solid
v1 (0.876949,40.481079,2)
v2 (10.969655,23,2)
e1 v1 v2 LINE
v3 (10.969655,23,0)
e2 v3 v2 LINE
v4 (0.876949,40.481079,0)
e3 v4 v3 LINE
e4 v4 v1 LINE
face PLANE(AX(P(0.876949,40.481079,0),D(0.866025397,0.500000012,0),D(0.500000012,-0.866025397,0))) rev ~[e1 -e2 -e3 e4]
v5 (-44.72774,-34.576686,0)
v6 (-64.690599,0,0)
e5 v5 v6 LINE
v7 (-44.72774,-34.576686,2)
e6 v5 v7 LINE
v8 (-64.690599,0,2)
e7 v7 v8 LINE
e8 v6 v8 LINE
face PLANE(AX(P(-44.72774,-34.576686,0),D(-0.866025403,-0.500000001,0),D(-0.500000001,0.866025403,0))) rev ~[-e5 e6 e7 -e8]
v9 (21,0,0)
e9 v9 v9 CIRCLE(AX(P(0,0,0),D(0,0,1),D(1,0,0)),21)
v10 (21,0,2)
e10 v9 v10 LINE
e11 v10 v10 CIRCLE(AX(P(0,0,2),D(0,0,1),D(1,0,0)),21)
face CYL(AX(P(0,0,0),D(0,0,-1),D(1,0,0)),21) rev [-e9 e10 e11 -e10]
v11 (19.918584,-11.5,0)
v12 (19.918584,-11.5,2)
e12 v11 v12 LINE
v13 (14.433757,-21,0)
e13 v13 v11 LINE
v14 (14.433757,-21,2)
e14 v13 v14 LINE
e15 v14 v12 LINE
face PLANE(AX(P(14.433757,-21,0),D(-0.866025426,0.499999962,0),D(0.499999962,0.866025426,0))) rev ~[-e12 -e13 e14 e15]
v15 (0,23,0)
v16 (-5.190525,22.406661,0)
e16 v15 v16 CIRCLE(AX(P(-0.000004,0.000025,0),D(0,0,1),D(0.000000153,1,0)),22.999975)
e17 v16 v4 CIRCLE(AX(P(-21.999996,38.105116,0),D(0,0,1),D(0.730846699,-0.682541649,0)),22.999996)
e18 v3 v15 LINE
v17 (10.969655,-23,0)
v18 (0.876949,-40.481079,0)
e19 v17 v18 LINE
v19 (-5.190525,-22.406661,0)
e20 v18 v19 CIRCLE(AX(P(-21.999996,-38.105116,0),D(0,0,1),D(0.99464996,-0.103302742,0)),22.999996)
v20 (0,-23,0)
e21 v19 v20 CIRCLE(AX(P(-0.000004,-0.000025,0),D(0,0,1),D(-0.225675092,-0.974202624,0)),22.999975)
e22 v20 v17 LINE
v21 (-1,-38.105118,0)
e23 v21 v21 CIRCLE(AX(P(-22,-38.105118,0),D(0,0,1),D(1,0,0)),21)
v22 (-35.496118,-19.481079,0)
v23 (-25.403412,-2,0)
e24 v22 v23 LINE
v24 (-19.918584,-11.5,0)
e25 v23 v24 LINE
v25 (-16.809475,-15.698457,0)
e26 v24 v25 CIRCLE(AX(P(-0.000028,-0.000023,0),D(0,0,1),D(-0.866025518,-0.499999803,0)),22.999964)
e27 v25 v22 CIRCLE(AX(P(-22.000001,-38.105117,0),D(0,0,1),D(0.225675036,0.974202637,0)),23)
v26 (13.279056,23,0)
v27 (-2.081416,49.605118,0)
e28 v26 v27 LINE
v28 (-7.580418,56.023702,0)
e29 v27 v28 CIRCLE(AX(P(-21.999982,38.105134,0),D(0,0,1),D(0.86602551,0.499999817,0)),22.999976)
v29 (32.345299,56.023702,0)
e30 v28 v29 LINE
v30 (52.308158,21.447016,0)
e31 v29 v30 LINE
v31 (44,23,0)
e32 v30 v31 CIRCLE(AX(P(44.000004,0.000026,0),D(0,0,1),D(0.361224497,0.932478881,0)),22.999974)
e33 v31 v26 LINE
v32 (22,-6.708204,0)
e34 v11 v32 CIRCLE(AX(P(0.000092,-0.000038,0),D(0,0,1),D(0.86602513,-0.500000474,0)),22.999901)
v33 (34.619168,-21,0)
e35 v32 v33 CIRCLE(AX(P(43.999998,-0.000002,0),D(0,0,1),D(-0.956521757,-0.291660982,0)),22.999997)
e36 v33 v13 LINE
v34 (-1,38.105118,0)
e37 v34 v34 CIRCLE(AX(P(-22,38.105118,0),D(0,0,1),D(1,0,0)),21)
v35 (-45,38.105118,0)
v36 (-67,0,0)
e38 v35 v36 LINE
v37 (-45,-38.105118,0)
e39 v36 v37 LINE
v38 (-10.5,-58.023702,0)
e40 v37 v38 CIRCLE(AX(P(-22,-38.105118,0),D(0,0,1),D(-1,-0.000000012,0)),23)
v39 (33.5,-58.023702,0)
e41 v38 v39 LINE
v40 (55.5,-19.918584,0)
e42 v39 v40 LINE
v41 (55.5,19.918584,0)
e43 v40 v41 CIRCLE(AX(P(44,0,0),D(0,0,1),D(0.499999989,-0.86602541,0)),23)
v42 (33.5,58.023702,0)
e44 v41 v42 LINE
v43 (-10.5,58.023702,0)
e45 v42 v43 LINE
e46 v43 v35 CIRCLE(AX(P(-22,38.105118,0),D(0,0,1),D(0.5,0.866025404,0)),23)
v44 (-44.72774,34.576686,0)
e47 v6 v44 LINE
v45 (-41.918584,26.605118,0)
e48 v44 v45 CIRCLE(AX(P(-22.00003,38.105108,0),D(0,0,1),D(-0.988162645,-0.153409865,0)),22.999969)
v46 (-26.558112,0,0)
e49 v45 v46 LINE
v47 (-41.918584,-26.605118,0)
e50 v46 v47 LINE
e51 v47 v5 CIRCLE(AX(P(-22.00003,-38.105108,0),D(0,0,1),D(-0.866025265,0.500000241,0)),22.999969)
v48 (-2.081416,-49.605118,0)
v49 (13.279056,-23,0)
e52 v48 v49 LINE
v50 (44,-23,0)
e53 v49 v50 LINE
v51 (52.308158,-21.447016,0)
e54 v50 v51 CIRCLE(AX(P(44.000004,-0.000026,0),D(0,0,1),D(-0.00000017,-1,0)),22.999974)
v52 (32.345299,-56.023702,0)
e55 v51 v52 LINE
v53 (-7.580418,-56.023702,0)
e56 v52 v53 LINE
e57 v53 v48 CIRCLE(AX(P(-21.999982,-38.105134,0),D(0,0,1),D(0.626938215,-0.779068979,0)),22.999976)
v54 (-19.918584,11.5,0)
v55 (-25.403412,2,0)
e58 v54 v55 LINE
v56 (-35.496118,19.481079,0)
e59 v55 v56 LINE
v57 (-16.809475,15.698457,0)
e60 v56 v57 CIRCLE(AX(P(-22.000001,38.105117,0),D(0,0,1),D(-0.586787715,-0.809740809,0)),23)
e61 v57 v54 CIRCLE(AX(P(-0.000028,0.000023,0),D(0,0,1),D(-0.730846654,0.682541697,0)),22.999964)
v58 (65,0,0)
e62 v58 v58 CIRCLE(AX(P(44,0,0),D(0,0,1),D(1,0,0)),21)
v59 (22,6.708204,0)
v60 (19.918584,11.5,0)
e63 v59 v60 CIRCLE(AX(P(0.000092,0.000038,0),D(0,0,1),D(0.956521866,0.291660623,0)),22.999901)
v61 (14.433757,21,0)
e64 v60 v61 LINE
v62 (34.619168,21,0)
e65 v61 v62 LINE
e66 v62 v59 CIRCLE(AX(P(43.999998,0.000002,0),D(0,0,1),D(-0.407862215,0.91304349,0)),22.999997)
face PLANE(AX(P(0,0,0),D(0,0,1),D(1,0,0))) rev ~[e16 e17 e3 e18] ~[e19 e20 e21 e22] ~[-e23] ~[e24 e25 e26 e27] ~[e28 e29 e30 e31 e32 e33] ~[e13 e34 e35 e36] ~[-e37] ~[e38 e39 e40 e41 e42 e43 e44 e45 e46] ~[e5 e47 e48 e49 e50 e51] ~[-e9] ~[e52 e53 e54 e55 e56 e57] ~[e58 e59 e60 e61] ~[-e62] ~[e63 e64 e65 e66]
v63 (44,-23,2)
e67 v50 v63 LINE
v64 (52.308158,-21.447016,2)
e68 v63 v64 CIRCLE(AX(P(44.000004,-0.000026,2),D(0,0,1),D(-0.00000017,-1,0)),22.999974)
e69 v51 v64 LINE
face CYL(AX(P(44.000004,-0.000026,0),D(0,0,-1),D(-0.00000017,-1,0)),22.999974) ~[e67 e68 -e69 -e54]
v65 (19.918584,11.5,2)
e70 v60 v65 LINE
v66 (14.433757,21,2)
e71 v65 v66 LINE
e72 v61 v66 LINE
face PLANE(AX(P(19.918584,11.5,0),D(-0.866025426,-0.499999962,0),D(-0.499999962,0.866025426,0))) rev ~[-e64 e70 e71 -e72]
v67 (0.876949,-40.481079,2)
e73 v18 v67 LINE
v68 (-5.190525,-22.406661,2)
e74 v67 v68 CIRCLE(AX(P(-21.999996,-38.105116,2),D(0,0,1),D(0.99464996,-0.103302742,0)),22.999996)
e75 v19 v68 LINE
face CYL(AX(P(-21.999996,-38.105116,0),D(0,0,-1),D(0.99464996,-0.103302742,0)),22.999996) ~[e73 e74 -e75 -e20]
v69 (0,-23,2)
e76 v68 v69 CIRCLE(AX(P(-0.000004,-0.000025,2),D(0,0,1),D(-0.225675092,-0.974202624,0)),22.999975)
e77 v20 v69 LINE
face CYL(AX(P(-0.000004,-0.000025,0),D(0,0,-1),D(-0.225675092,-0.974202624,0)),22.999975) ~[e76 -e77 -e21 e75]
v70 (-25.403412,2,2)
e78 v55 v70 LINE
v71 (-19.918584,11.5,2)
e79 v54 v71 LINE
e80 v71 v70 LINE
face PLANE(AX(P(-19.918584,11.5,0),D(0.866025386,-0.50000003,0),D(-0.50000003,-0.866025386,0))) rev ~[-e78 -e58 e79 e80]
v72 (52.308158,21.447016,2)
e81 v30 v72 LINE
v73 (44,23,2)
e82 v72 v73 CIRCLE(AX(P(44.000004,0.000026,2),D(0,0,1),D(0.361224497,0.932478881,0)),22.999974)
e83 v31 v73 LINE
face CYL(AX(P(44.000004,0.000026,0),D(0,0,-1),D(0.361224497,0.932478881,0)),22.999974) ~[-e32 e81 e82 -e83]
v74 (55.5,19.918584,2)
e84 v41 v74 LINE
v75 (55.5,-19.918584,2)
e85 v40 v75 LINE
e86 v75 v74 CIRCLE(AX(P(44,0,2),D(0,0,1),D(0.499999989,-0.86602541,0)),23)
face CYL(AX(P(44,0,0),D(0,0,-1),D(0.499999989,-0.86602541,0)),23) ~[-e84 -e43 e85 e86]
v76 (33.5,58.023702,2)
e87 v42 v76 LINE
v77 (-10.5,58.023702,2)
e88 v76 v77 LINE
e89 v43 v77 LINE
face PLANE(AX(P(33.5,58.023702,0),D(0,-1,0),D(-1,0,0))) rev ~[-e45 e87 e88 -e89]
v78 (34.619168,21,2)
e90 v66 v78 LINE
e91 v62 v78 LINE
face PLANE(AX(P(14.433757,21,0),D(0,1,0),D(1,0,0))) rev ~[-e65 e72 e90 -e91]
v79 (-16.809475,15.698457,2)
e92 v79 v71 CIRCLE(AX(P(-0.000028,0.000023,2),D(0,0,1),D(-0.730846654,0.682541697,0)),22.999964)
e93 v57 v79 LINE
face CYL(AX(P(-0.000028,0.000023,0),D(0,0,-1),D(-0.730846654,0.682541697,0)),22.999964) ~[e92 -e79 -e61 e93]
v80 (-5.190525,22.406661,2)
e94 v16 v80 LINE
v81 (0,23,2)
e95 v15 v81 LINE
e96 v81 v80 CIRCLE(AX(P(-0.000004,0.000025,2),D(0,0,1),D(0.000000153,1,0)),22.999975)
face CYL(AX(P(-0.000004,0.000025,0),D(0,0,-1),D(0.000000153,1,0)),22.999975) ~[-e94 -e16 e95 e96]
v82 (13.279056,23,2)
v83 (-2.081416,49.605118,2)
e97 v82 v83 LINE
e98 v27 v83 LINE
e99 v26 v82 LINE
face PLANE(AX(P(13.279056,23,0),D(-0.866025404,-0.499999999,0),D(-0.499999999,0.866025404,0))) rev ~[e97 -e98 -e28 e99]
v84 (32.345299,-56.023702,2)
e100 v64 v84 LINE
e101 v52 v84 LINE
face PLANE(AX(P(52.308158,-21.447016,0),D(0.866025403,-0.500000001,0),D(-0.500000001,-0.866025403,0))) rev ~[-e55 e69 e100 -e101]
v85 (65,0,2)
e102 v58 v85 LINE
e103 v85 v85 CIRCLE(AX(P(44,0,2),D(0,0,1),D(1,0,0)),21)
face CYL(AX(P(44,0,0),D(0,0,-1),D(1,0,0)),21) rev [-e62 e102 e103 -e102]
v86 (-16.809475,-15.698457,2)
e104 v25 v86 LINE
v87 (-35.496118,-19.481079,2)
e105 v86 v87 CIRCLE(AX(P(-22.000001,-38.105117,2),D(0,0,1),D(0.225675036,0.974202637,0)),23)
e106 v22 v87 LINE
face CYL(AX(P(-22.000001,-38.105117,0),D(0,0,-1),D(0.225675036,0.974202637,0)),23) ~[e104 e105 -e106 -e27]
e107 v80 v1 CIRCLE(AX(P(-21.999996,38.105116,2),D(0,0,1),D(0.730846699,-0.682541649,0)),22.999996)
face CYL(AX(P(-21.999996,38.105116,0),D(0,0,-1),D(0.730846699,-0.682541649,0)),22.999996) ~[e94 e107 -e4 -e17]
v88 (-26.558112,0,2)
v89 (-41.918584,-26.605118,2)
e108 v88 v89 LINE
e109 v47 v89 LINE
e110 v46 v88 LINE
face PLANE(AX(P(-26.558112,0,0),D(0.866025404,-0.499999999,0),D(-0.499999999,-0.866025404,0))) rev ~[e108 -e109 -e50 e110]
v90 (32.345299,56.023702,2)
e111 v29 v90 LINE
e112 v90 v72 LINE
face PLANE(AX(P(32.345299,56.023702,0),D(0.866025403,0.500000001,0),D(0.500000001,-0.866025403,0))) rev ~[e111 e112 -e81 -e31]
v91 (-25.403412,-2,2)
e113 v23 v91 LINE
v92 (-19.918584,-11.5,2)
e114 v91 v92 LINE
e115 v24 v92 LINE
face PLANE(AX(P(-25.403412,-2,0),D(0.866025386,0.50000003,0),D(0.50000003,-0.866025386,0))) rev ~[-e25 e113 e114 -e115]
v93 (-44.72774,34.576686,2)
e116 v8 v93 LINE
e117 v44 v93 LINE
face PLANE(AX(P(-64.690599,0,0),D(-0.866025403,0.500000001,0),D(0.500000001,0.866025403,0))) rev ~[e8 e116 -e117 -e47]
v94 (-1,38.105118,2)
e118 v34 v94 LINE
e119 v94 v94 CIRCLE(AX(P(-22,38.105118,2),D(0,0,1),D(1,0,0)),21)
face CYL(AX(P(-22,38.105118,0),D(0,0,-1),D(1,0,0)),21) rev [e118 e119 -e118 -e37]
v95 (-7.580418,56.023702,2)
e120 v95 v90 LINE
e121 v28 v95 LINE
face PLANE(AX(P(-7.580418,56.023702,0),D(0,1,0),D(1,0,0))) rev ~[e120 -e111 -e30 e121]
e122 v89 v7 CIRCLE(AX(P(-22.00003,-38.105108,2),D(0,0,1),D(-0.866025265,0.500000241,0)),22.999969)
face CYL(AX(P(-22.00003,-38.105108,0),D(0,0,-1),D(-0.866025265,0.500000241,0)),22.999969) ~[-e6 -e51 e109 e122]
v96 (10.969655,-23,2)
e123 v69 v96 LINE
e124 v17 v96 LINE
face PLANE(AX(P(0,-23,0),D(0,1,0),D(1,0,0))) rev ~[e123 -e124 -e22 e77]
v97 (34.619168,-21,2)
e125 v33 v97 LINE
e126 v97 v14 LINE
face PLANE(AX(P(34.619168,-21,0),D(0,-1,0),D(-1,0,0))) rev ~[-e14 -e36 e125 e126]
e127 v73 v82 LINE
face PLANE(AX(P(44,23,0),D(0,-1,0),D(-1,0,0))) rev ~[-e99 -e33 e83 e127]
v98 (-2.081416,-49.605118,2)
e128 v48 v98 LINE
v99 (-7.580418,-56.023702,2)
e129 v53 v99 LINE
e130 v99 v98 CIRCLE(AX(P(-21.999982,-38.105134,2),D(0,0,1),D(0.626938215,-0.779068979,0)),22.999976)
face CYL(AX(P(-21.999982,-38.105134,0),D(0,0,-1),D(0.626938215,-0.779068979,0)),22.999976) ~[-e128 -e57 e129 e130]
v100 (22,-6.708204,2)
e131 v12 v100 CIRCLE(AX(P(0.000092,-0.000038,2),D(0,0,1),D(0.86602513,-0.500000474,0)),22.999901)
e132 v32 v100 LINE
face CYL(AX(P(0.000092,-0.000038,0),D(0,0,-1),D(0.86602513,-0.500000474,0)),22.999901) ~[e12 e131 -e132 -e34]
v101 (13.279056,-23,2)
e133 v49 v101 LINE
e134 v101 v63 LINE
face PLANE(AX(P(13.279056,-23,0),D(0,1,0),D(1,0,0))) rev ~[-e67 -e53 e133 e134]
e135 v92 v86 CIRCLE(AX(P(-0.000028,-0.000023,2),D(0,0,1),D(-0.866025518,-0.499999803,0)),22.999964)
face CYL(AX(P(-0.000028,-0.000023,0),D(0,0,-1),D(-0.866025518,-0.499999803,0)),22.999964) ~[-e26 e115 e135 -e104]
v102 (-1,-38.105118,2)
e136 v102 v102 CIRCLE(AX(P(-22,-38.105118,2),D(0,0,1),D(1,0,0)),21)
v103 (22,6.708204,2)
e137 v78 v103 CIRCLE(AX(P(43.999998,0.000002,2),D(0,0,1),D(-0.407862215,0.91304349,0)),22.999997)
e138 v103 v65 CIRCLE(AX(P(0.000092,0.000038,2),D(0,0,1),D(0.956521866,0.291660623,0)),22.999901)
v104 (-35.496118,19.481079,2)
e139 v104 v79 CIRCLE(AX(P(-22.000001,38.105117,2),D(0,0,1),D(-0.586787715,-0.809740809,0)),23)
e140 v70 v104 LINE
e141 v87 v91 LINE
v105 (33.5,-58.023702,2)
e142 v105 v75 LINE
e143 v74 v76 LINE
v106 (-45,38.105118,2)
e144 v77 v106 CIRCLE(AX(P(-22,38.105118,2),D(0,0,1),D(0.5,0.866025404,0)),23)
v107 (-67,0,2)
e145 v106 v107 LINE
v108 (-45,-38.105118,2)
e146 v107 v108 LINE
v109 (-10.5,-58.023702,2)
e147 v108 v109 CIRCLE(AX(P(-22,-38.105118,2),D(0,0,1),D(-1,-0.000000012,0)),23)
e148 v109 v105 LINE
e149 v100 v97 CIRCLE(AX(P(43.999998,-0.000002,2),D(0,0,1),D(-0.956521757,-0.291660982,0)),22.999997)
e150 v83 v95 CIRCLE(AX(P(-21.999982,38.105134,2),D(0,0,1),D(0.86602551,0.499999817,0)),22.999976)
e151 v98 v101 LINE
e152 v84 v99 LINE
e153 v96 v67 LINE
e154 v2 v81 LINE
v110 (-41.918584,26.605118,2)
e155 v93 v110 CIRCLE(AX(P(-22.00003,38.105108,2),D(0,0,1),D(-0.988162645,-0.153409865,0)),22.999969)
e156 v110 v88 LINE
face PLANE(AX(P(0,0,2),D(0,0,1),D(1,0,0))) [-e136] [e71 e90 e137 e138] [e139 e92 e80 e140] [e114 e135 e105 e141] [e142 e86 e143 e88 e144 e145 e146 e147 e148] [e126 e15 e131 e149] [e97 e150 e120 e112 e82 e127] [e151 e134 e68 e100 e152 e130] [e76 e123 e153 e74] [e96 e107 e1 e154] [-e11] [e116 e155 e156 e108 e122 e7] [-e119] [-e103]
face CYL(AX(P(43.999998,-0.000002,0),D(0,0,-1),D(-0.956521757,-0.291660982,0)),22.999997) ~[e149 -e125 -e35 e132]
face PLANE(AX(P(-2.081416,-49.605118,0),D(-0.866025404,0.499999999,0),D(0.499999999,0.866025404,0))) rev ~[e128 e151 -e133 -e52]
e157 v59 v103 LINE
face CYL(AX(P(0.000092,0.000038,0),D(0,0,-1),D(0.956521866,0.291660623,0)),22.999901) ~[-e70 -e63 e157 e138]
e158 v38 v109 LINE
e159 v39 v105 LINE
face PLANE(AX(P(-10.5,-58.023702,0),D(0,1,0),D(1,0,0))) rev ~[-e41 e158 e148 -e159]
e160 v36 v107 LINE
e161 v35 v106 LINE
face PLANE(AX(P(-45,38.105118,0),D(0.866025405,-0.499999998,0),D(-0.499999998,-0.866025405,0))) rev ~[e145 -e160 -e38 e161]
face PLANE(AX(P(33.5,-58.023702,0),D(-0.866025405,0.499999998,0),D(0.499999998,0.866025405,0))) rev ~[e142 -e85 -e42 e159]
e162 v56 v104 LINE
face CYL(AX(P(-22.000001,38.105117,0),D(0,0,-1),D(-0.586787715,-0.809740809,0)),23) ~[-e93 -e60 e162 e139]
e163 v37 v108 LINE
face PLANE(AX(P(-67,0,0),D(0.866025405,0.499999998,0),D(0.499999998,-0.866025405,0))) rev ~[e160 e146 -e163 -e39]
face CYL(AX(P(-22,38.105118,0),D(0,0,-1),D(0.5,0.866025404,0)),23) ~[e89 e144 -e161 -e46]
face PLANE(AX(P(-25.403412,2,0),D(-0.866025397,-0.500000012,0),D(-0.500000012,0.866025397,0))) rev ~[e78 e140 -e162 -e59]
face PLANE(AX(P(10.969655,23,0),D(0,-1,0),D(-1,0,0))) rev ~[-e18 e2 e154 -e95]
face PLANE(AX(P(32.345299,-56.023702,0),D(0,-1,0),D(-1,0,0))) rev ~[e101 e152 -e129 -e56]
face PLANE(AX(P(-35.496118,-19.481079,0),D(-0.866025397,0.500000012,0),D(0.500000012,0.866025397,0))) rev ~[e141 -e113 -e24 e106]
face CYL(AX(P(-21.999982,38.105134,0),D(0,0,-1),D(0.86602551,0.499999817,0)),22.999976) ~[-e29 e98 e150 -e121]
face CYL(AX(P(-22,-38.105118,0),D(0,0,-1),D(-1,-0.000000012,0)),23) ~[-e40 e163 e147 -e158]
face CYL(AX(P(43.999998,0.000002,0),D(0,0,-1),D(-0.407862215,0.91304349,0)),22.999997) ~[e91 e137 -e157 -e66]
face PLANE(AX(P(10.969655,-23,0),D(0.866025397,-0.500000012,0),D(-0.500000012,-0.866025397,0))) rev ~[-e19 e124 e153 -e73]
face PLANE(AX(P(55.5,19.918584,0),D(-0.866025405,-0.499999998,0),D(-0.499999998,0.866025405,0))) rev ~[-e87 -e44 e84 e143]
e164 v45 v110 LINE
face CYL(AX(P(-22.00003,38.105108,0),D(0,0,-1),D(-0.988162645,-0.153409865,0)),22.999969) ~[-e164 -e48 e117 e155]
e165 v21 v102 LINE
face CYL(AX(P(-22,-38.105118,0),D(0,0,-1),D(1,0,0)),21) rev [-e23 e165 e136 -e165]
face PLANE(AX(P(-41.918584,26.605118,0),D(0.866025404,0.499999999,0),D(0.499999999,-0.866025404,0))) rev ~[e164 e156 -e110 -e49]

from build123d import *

# Parameters (mm, degrees)
F0_R     = 21
F1_DEPTH = 2


with BuildPart() as f1:
    # F0 (on Top) → F1 (new body)
    with BuildSketch(Plane.XY):
        with BuildLine():
            Line((-10.5, -58.023702), (33.5, -58.023702))
            Line((33.5, -58.023702), (55.5, -19.918584))
            ThreePointArc((55.5, -19.918584), (67, 0), (55.5, 19.918584))
            Line((55.5, 19.918584), (33.5, 58.023702))
            Line((33.5, 58.023702), (-10.5, 58.023702))
            ThreePointArc((-10.5, 58.023702), (-33.5, 58.023702), (-45, 38.105118))
            Line((-45, 38.105118), (-67, 0))
            Line((-67, 0), (-45, -38.105118))
            ThreePointArc((-45, -38.105118), (-33.5, -58.023702), (-10.5, -58.023702))
        make_face()
        with Locations((-22, -38.105118)):
            Circle(F0_R, mode=Mode.SUBTRACT)
        with BuildLine():
            Line((-26.558112, 0), (-41.918584, -26.605118))
            ThreePointArc((-41.918584, -26.605118), (-43.692481, -30.460755), (-44.72774, -34.576686))
            Line((-44.72774, -34.576686), (-64.690599, 0))
            Line((-64.690599, 0), (-44.72774, 34.576686))
            ThreePointArc((-44.72774, 34.576686), (-43.692481, 30.460755), (-41.918584, 26.605118))
            Line((-41.918584, 26.605118), (-26.558112, 0))
        make_face(mode=Mode.SUBTRACT)
        with BuildLine():
            Line((-25.403412, -2), (-19.918584, -11.5))
            ThreePointArc((-19.918584, -11.5), (-18.483624, -13.687792), (-16.809475, -15.698457))
            ThreePointArc((-16.809475, -15.698457), (-26.563198, -15.562331), (-35.496118, -19.481079))
            Line((-35.496118, -19.481079), (-25.403412, -2))
        make_face(mode=Mode.SUBTRACT)
        with BuildLine():
            ThreePointArc((-22.876949, 2.375962), (-23, 0), (-22.876949, -2.375962))
            Line((-22.876949, -2.375962), (-24.248711, 0))
            Line((-24.248711, 0), (-22.876949, 2.375962))
        make_face(mode=Mode.SUBTRACT)
        with BuildLine():
            ThreePointArc((-5.190525, -22.406661), (-2.612164, -22.851184), (0, -23))
            Line((0, -23), (10.969655, -23))
            Line((10.969655, -23), (0.876949, -40.481079))
            ThreePointArc((0.876949, -40.481079), (-0.195775, -30.78557), (-5.190525, -22.406661))
        make_face(mode=Mode.SUBTRACT)
        with BuildLine():
            Line((13.279056, -23), (44, -23))
            ThreePointArc((44, -23), (48.226028, -22.608421), (52.308158, -21.447016))
            Line((52.308158, -21.447016), (32.345299, -56.023702))
            Line((32.345299, -56.023702), (-7.580418, -56.023702))
            ThreePointArc((-7.580418, -56.023702), (-4.533547, -53.069176), (-2.081416, -49.605118))
            Line((-2.081416, -49.605118), (13.279056, -23))
        make_face(mode=Mode.SUBTRACT)
        with BuildLine():
            Line((12.124356, -21), (9.380832, -21))
            ThreePointArc((9.380832, -21), (11.5, -19.918584), (13.496118, -18.624038))
            Line((13.496118, -18.624038), (12.124356, -21))
        make_face(mode=Mode.SUBTRACT)
        Circle(F0_R, mode=Mode.SUBTRACT)
        with BuildLine():
            Line((14.433757, -21), (19.918584, -11.5))
            ThreePointArc((19.918584, -11.5), (21.095788, -9.163392), (22, -6.708204))
            ThreePointArc((22, -6.708204), (26.758973, -15.223239), (34.619168, -21))
            Line((34.619168, -21), (14.433757, -21))
        make_face(mode=Mode.SUBTRACT)
        with Locations((44, 0)):
            Circle(F0_R, mode=Mode.SUBTRACT)
        with BuildLine():
            Line((-25.403412, 2), (-35.496118, 19.481079))
            ThreePointArc((-35.496118, 19.481079), (-26.563198, 15.562331), (-16.809475, 15.698457))
            ThreePointArc((-16.809475, 15.698457), (-18.483624, 13.687792), (-19.918584, 11.5))
            Line((-19.918584, 11.5), (-25.403412, 2))
        make_face(mode=Mode.SUBTRACT)
        with Locations((-22, 38.105118)):
            Circle(F0_R, mode=Mode.SUBTRACT)
        with BuildLine():
            Line((14.433757, 21), (34.619168, 21))
            ThreePointArc((34.619168, 21), (26.758973, 15.223239), (22, 6.708204))
            ThreePointArc((22, 6.708204), (21.095788, 9.163392), (19.918584, 11.5))
            Line((19.918584, 11.5), (14.433757, 21))
        make_face(mode=Mode.SUBTRACT)
        with BuildLine():
            ThreePointArc((13.496118, 18.624038), (11.5, 19.918584), (9.380832, 21))
            Line((9.380832, 21), (12.124356, 21))
            Line((12.124356, 21), (13.496118, 18.624038))
        make_face(mode=Mode.SUBTRACT)
        with BuildLine():
            Line((10.969655, 23), (0, 23))
            ThreePointArc((0, 23), (-2.612164, 22.851184), (-5.190525, 22.406661))
            ThreePointArc((-5.190525, 22.406661), (-0.195775, 30.78557), (0.876949, 40.481079))
            Line((0.876949, 40.481079), (10.969655, 23))
        make_face(mode=Mode.SUBTRACT)
        with BuildLine():
            Line((13.279056, 23), (-2.081416, 49.605118))
            ThreePointArc((-2.081416, 49.605118), (-4.533547, 53.069176), (-7.580418, 56.023702))
            Line((-7.580418, 56.023702), (32.345299, 56.023702))
            Line((32.345299, 56.023702), (52.308158, 21.447016))
            ThreePointArc((52.308158, 21.447016), (48.226028, 22.608421), (44, 23))
            Line((44, 23), (13.279056, 23))
        make_face(mode=Mode.SUBTRACT)
        with BuildLine():
            ThreePointArc((13.496118, -18.624038), (11.5, -19.918584), (9.380832, -21))
            Line((9.380832, -21), (12.124356, -21))
            Line((12.124356, -21), (13.496118, -18.624038))
        make_face()
        with BuildLine():
            Line((12.124356, 21), (9.380832, 21))
            ThreePointArc((9.380832, 21), (11.5, 19.918584), (13.496118, 18.624038))
            Line((13.496118, 18.624038), (12.124356, 21))
        make_face()
        with BuildLine():
            Line((-24.248711, 0), (-22.876949, -2.375962))
            ThreePointArc((-22.876949, -2.375962), (-23, 0), (-22.876949, 2.375962))
            Line((-22.876949, 2.375962), (-24.248711, 0))
        make_face()
    extrude(amount=F1_DEPTH)


solid = f1.part
